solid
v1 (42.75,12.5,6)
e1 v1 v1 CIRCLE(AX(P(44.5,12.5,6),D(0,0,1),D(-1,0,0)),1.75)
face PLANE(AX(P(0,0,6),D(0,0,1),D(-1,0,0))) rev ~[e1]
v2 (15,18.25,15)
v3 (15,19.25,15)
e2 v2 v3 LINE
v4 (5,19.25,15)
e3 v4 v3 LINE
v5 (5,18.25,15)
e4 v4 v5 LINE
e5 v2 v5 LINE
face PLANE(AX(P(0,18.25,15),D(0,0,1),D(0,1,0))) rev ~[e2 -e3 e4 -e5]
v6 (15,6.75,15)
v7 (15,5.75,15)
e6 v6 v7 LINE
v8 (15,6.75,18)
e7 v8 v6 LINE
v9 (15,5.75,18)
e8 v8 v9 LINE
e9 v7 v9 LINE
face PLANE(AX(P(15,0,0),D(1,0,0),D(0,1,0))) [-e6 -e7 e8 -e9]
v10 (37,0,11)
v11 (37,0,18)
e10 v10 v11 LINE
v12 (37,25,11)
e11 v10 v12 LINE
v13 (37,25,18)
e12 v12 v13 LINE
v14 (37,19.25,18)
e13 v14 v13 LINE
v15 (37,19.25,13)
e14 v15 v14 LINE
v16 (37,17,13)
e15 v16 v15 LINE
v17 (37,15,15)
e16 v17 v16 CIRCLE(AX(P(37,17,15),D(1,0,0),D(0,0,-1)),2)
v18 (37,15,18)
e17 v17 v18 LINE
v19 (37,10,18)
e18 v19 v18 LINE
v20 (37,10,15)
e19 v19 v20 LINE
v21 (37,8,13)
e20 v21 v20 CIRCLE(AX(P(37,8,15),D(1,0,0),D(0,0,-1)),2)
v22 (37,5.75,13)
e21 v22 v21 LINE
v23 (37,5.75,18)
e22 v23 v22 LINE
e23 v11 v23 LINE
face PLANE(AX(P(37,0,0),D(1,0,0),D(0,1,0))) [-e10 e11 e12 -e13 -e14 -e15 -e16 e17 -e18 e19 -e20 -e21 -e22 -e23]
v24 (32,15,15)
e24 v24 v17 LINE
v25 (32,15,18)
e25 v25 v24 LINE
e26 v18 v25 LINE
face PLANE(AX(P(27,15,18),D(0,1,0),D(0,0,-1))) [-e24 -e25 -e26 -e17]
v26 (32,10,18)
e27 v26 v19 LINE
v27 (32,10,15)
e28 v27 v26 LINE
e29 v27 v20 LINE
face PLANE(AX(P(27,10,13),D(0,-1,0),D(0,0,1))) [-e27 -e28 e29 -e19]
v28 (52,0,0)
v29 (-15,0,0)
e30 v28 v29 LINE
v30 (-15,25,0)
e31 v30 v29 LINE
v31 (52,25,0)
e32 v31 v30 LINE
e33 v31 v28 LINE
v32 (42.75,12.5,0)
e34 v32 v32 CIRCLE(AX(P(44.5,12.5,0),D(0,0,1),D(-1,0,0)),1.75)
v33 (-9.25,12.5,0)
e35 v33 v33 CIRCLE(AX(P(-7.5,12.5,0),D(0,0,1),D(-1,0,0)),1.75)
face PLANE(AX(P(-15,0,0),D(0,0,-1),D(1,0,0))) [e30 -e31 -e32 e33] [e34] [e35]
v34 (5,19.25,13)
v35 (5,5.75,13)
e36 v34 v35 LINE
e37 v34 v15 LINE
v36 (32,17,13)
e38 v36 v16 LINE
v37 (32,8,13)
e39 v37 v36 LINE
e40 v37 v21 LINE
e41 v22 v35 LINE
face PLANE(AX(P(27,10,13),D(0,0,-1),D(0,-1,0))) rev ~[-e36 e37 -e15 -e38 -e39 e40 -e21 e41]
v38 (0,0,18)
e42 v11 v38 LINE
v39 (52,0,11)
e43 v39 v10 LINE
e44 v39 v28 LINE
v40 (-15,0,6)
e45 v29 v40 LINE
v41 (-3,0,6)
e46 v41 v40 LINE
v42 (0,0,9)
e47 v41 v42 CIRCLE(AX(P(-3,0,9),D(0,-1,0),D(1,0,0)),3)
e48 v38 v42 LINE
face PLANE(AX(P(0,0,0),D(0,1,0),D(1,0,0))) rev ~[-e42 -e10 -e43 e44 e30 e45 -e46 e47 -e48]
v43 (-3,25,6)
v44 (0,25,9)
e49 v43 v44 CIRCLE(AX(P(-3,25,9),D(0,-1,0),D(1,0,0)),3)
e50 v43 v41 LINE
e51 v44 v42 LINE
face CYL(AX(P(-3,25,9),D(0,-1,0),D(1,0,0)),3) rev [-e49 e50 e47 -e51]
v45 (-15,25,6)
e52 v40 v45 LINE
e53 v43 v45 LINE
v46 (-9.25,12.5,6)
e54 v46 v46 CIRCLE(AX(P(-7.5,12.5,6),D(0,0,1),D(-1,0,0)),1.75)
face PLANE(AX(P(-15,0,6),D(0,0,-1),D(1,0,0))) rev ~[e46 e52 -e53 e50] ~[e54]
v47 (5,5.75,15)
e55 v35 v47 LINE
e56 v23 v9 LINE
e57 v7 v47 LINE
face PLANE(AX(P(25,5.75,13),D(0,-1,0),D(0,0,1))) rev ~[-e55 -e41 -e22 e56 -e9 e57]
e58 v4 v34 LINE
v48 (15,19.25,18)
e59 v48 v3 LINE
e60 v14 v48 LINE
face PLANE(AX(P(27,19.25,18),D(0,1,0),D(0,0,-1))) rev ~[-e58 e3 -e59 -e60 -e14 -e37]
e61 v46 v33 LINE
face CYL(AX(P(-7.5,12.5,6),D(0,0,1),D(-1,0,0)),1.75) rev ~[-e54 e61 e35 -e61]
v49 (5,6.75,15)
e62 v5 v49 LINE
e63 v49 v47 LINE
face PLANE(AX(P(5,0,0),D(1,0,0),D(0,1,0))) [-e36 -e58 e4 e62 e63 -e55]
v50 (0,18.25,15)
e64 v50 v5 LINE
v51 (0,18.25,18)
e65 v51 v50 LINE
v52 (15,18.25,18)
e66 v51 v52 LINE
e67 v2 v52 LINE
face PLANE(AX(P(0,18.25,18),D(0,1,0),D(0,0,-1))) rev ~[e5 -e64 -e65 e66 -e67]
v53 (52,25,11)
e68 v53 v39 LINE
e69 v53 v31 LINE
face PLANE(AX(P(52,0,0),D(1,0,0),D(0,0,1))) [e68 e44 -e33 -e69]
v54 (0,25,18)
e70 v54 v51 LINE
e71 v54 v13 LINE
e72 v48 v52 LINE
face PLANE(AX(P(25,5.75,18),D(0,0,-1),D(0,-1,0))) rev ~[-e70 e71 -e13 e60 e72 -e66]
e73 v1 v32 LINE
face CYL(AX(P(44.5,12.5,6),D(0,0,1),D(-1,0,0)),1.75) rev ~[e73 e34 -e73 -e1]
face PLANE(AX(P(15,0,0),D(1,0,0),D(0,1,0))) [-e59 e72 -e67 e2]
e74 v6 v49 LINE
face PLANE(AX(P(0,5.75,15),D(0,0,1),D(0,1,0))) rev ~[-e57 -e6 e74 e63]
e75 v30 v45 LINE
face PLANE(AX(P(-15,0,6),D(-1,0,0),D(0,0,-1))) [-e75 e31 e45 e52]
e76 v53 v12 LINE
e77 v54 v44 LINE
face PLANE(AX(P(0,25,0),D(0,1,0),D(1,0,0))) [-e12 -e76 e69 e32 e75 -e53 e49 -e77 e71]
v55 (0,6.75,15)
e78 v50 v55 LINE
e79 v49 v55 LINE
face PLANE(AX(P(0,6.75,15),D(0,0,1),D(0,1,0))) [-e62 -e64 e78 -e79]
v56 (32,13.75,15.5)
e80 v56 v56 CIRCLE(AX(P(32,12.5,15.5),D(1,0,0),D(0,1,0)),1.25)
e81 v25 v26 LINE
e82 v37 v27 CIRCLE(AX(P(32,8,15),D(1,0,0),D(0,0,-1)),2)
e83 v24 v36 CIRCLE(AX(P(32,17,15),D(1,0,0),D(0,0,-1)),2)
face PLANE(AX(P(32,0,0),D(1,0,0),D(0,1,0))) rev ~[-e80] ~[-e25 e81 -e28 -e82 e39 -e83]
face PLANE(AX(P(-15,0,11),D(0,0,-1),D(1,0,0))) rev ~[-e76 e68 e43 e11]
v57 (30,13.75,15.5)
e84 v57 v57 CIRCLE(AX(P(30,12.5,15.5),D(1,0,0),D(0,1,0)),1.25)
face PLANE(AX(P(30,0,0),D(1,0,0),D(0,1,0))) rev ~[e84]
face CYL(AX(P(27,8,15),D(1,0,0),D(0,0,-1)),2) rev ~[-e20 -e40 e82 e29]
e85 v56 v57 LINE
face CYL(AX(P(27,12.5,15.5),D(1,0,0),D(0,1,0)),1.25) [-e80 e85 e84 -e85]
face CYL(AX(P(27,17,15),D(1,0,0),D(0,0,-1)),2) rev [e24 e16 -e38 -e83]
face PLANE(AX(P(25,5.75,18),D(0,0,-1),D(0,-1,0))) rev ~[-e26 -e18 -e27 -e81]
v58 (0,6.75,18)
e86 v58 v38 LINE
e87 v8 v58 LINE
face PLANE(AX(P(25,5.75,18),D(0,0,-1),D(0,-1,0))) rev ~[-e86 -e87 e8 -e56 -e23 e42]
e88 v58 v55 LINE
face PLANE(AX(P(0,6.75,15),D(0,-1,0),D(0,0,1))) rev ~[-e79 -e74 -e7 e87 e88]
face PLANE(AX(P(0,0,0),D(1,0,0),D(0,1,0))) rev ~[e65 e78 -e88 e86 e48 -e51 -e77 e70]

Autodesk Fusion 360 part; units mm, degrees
sketch "Sketch1" plane through (0, 0, 0) normal (1, 0, 0) x (0, 1, 0)
  line L0 (0, 0) -> (25, 0)
  line L1 (25, 0) -> (25, 18)
  line L2 (0, 18) -> (0, 0)
  line L3 (19.25, 15) -> (19.25, 13)
  line L4 (19.25, 13) -> (5.75, 13)
  line L5 (5.75, 13) -> (5.75, 15)
  line L6 (18.25, 18) -> (18.25, 15)
  line L7 (6.75, 15) -> (6.75, 18)
  line L8 (25, 18) -> (18.25, 18)
  line L9 (6.75, 18) -> (0, 18)
  line L10 (5.75, 15) -> (6.75, 15)
  line L11 (18.25, 15) -> (19.25, 15)
  line L12 (6.75, 15) -> (18.25, 15)
  line L13 (5.75, 13) -> (19.25, 13)
  line L14 (19.25, 13) -> (19.25, 18)
  line L15 (19.25, 18) -> (5.75, 18)
  line L16 (5.75, 18) -> (5.75, 13)
  dimension "d1" = 25
  dimension "d2" = 18
  dimension "d3" = 13.5
  dimension "d4" = 2
  dimension "d5" = 13
  dimension "d6" = 5.75
  dimension "d7" = 1
  dimension "d8" = 11.5
  dimension "d9" = 3
  dimension "d10" = 15
  dimension "d32" = 13.5
sketch "Bokorys" plane through (0, 0, 0) normal (0, 1, 0) x (1, 0, 0)
  line L0 (-15, 0) -> (52, 0)
  line L1 (52, 0) -> (52, -6)
  line L2 (-15, -6) -> (-15, 0)
  line L3 (-15, -6) -> (52, -6)
  dimension "d48" = 15
  dimension "d49" = 67
  dimension "d50" = 6
extrude "Extrude1" add sketch "Sketch1" along normal blind 15 contours L0 L1 L2 L3 L4 L5 L8 L9 L13 L14 L16 | L7 L9 L10 L15 L16 | L6 L8 L11 L14 L15 makes body 1
extrude "Extrude2" add sketch "Sketch1" along normal blind 5 contours L3 L4 L5 L10 L11 L12 L13 L14 L16 bodies 1
extrude "Extrude3" add sketch "Sketch1" along normal blind 25 contours L0 L1 L2 L3 L4 L5 L8 L9 L13 L14 L16 bodies 1
extrude "Extrude4" add 1 faces at (25, 10.25, 4.3333) along direction (1, 0, 0) blind 2 on bodies 1 bodies 1
sketch "Sketch4" plane through (27, 0, 0) normal (1, 0, 0) x (0, 1, 0)
  line L0 (0, 18) -> (0, 0)
  line L1 (0, 0) -> (25, 0)
  line L2 (25, 0) -> (25, 18)
  line L3 (25, 18) -> (19.25, 18)
  line L4 (19.25, 18) -> (19.25, 13)
  line L5 (19.25, 13) -> (5.75, 13)
  line L6 (5.75, 13) -> (5.75, 18)
  line L7 (5.75, 18) -> (0, 18)
  line L8 (0, 0) -> (25, 0)
  line L9 (25, 0) -> (25, 18)
  line L10 (25, 18) -> (0, 18)
  line L11 (0, 18) -> (0, 0)
  circle A0 centre (12.5, 15.5) radius 1.25
  line L12 (10, 18) -> (15, 18)
  line L13 (15, 18) -> (15, 13)
  line L14 (15, 13) -> (10, 13)
  line L15 (10, 13) -> (10, 18)
  dimension "d39" = 2.5
  dimension "d40" = 2.5
  dimension "d41" = 25
  dimension "d42" = 12.5
  dimension "d57" = 13
  dimension "d59" = 2.5
  dimension "d60" = 5
  dimension "d61" = 5
extrude "Extrude5" add sketch "Sketch4" along normal blind 5 separate body contours L0 L1 L2 L3 L4 L5 L6 L7 L8 L9 L10 L11 L14 | L5 L6 L10 L15 | L5 L10 L12 L13 L14 L15 | L4 L5 L10 L13 | A0 makes body 2
extrude "Extrude6" add sketch "Sketch4" against normal blind 3 separate body contours A0 makes body 3
extrude "Extrude7" cut 1 faces at (24, 12.8855, 15.0845) along direction (1, 0, 0) blind 1 on bodies 3 bodies 3
extrude "Extrude8" add sketch "Bokorys" along normal blind 25 separate body makes body 4
combine "Combine1" operation add target body 4 tool bodies 2 1
fillet "Fillet1" radius 3 1 edges at (32, 12.5, 6) on bodies 4
fillet "Fillet2" radius 3 1 edges at (0, 12.5, 6) on bodies 4
extrude "Extrude9" add sketch "Sketch4" along normal blind 5 contours L5 L10 L12 L13 L14 L15 | A0 bodies 3
extrude "Extrude10" cut sketch "Sketch4" along normal blind 5 contours L5 L6 L10 L15 | L4 L5 L10 L13 bodies 4
fillet "Fillet3" radius 2 1 edges at (29.5, 10, 13) on bodies 4
fillet "Fillet4" radius 2 1 edges at (29.5, 15, 13) on bodies 4
combine "Combine2" operation add target body 4 tool bodies 3
move_face "OffsetFaces1" offset 5 1 faces at (32, 1.9167, 13.3333) on bodies 4
move_face "OffsetFaces2" offset -5 1 faces at (27, 12.4689, 17.5822) on bodies 4
move_face "OffsetFaces3" offset -5 1 faces at (25, 12.8855, 15.0845) on bodies 4
sketch "Sketch6" plane through (0, 0, 6) normal (0, 0, 1) x (-1, 0, 0)
  line L0 (3, 0) -> (3, -25)
  line L1 (3, -25) -> (15, -25)
  line L2 (15, -25) -> (15, 0)
  line L3 (15, 0) -> (3, 0)
  line L4 (15, -25) -> (-52, -25)
  line L5 (-52, -25) -> (-52, 0)
  line L6 (-52, 0) -> (15, 0)
  line L7 (15, 0) -> (15, -25)
  circle A0 centre (7.5, -12.5) radius 1.75
  line L8 (-18.5, -37) -> (-18.5, 8) construction
  circle A1 centre (-44.5, -12.5) radius 1.75
  dimension "d73" = 3.5
  dimension "d74" = 12.5
  dimension "d75" = 7.5
  dimension "d76" = 33.5
  dimension "d77" = 67
extrude "Extrude13" cut sketch "Sketch6" against normal blind 16 contours A0 | A1 bodies 4
extrude "Extrude11" [suppressed]
extrude "Extrude12" [suppressed]
